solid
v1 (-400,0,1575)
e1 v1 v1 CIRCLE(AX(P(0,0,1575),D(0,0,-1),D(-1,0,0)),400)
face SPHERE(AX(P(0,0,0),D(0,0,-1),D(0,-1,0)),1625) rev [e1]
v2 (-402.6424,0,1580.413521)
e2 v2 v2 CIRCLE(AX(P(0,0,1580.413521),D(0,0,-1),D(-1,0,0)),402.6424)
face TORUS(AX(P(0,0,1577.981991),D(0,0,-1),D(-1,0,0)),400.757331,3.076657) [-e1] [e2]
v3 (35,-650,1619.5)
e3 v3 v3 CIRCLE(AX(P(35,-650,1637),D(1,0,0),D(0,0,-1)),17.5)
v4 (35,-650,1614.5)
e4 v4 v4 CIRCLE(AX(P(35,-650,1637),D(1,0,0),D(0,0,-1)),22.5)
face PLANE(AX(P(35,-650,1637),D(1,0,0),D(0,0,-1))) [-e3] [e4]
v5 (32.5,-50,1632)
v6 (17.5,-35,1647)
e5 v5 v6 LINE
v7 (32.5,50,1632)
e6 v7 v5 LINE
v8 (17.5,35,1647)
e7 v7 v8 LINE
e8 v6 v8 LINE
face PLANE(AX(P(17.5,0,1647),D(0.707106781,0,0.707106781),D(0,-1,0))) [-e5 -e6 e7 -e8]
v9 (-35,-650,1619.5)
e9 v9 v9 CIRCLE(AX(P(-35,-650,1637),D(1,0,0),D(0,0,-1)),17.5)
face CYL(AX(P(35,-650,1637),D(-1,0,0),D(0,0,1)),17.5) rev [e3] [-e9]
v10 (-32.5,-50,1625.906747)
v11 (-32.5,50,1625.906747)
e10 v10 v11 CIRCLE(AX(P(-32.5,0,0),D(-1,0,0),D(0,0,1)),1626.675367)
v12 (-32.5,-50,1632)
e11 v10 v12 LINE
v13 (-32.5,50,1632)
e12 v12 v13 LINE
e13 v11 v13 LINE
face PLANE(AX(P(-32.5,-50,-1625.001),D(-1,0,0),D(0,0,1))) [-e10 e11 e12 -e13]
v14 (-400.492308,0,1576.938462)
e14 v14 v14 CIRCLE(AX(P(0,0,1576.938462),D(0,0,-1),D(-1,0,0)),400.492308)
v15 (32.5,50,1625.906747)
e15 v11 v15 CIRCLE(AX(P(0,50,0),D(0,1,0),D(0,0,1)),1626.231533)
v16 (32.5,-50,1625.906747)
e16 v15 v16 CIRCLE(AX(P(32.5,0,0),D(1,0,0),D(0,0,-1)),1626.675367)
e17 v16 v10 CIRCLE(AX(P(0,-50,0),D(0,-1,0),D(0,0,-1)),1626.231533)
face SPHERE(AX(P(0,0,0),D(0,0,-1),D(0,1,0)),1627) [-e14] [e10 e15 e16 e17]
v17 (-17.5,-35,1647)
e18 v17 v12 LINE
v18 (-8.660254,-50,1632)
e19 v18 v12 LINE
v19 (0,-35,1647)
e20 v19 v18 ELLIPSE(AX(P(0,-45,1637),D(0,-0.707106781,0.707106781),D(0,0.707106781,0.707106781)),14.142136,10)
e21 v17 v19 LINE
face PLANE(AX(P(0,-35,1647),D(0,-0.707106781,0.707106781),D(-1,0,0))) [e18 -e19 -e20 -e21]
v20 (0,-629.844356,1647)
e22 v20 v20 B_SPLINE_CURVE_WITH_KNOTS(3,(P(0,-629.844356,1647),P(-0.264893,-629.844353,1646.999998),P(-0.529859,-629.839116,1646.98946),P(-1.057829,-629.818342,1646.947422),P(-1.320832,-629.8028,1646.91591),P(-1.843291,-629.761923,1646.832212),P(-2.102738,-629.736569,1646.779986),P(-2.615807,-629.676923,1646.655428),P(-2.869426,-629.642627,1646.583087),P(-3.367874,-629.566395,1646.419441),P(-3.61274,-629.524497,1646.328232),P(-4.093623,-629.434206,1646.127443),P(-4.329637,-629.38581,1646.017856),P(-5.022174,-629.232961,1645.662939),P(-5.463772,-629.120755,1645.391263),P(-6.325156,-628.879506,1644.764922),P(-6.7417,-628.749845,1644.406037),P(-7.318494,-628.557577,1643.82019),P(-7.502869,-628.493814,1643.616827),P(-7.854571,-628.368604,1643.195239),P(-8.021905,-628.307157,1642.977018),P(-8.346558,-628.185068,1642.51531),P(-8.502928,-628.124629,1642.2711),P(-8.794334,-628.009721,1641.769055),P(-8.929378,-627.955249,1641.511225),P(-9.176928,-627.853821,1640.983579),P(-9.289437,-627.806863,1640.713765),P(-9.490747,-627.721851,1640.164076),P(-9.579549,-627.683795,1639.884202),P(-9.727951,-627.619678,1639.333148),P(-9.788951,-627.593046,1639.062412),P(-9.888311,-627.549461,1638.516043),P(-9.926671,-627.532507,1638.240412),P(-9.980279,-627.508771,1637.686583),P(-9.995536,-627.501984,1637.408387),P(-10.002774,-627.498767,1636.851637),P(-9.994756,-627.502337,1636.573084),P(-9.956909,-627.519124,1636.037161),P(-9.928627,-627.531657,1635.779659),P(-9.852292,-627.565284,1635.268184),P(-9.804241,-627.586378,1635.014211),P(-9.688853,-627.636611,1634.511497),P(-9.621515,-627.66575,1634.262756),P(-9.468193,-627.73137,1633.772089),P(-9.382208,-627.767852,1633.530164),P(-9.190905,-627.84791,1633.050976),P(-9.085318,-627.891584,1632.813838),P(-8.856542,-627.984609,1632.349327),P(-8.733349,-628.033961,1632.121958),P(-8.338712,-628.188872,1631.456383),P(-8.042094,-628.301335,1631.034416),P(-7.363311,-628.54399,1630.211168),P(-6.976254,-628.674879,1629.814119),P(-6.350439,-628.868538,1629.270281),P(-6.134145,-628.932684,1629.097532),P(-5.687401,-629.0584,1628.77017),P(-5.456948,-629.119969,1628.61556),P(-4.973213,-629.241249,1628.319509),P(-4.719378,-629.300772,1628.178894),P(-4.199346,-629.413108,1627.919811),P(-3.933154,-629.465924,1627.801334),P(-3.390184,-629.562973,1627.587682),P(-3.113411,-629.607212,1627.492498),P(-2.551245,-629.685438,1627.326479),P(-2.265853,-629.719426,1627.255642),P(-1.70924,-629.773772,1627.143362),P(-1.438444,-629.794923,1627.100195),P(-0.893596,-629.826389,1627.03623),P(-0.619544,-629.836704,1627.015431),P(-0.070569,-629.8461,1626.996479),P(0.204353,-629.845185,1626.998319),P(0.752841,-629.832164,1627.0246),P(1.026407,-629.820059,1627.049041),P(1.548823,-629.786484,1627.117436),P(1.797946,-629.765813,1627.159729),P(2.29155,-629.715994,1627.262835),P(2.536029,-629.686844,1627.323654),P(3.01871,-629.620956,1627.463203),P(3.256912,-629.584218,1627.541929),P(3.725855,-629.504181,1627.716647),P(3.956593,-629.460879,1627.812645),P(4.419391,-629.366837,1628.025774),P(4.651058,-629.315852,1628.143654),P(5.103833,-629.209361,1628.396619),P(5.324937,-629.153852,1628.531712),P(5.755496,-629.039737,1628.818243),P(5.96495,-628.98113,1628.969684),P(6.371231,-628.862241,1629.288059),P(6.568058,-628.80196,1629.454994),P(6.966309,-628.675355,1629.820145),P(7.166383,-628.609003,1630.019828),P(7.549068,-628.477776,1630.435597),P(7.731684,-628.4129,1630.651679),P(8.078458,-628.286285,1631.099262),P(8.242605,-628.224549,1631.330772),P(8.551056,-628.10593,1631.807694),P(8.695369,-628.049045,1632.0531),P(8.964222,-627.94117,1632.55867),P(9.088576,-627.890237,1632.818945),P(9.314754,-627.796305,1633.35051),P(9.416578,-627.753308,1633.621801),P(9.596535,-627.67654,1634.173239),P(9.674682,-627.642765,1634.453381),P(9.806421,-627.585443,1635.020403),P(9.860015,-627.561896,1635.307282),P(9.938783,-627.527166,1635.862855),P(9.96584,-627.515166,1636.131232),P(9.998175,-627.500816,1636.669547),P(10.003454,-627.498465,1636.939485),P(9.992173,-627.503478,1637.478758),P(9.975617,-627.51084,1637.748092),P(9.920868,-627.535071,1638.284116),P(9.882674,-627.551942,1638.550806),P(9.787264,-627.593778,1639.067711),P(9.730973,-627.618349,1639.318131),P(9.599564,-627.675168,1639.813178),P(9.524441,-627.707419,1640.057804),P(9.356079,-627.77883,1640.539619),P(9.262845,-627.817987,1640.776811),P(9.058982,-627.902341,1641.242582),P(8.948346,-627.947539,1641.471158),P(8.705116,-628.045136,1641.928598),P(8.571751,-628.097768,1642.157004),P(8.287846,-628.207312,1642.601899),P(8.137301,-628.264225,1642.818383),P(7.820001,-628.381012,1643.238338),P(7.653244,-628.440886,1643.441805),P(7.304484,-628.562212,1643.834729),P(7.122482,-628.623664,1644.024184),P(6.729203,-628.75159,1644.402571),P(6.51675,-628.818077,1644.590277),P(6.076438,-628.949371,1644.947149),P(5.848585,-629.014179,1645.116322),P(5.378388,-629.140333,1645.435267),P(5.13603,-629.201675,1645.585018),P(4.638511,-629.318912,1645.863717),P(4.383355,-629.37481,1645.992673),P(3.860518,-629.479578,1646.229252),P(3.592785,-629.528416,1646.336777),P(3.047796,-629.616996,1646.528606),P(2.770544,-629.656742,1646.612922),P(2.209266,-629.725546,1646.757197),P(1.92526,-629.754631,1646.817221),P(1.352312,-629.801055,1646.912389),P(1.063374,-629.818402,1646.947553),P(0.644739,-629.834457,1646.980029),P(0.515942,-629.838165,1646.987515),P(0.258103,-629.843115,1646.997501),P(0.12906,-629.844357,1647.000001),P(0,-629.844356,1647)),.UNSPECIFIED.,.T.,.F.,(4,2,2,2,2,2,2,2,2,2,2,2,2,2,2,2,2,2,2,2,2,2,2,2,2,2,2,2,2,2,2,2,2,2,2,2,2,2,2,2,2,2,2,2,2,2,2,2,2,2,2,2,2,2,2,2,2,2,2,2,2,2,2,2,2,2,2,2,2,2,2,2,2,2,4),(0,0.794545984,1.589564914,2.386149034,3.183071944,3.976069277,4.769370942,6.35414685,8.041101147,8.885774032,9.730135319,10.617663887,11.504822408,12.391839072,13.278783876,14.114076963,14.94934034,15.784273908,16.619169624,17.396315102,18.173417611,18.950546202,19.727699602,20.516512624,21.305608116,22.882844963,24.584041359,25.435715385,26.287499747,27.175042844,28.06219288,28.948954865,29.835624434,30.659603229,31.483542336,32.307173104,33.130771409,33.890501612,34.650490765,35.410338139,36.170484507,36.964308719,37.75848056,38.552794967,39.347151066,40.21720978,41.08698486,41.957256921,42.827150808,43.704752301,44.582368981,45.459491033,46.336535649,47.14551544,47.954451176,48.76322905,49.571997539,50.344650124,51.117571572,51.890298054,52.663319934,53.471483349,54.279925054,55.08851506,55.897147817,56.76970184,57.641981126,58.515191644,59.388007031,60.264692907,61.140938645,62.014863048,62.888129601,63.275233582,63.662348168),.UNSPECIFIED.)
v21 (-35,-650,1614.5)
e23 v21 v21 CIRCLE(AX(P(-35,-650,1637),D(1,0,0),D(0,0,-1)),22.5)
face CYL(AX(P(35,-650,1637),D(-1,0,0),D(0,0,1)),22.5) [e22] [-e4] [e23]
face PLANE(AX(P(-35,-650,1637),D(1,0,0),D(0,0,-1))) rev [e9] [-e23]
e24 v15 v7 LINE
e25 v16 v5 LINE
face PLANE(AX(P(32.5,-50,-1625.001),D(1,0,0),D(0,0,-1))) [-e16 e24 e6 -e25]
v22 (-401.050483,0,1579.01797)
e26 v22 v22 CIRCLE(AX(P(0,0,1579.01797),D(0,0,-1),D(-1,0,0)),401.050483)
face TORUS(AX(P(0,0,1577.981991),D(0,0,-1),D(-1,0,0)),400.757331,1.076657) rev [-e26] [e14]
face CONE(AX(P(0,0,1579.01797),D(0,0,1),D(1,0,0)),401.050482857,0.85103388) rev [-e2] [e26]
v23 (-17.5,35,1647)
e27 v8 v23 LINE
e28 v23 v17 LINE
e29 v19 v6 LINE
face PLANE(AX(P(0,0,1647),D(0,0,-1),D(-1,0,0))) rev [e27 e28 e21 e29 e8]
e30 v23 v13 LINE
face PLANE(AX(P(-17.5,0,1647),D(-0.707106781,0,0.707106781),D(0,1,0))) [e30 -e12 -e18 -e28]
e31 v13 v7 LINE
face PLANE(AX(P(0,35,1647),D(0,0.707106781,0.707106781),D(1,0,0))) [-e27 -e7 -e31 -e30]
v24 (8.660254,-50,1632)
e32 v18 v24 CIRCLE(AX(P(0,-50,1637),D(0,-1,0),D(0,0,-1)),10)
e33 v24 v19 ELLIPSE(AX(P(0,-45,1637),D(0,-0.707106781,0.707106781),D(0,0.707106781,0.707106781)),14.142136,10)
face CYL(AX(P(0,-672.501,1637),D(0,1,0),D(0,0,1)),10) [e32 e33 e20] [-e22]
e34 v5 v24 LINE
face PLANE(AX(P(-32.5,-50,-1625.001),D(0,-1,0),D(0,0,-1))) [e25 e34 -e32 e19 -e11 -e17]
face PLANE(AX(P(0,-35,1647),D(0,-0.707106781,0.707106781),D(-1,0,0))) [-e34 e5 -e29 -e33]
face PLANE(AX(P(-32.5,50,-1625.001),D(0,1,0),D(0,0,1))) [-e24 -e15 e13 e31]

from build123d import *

# Parameters (mm, degrees)
IZIM1_W                                      = 65
IZIM1_H                                      = 100
Y_KSEKLIK_EKSTR_ZYON1_DEPTH                  = 20
Y_KSEKLIK_EKSTR_ZYON1_DIRECTION_2_REACH      = 575.479
Y_KSEKLIK_EKSTR_ZYON1_DIRECTION_2_END_RADIUS = 1627
PAH1_SIZE                                    = 15
IZIM4_R                                      = 22.5
IZIM4_R_2                                    = 17.5
Y_KSEKLIK_EKSTR_ZYON2_DEPTH                  = 35
S_P_R1_PROFILE_R                             = 10
Y_KSEKLIK_EKSTR_ZYON3_REACH                  = 1997.162
Y_KSEKLIK_EKSTR_ZYON3_END_RADIUS             = 22.5
IZIM14_R                                     = 10


with BuildPart() as part:
    # Sketch1 → Revolve1 (revolve)
    with BuildSketch(Plane(origin=(0, 0, 0), x_dir=(0, 0, -1), z_dir=(1, 0, 0)), mode=Mode.PRIVATE) as revolve1_sk:
        with BuildLine():
            Line((-1579.017970214, -401.050482857), (-1580.413520537, -402.642399801))
            ThreePointArc((-1580.413520537, -402.642399801), (-1576.632427652, -403.522199794), (-1575, -400))
            ThreePointArc((-1575, -400), (-1612.45154966, -201.556443707), (-1625, 0))
            Line((-1625, 0), (-1627, 0))
            ThreePointArc((-1627, 0), (-1614.436105413, -201.804513177), (-1576.938461538, -400.492307692))
            ThreePointArc((-1576.938461538, -400.492307692), (-1577.702877842, -401.79718049), (-1579.017970214, -401.050482857))
        make_face()
    revolve(revolve1_sk.sketch.rotate(Axis((0, 0, 1625), (0, 0, 1)), 270), axis=Axis((0, 0, 1625), (0, 0, 1)))

    # Çizim1 → Yükseklik-Ekstrüzyon1 (add)
    with BuildSketch(Plane.XY.offset(1627)):
        Rectangle(IZIM1_W, IZIM1_H)
    extrude(amount=Y_KSEKLIK_EKSTR_ZYON1_DEPTH)

    # Yükseklik-Ekstrüzyon1 direction 2: up to this sphere (the profile starts outside it)
    y_kseklik_ekstr_zyon1_direction_2_end = Location((0, 0, 0)) * Sphere(Y_KSEKLIK_EKSTR_ZYON1_DIRECTION_2_END_RADIUS, mode=Mode.PRIVATE)
    # Çizim1 → Yükseklik-Ekstrüzyon1 direction 2 (add, up to the surface)
    with BuildSketch(Plane.XY.offset(1627), mode=Mode.PRIVATE) as y_kseklik_ekstr_zyon1_direction_2_sk1:
        Rectangle(IZIM1_W, IZIM1_H)
    y_kseklik_ekstr_zyon1_direction_2_tool1 = extrude(y_kseklik_ekstr_zyon1_direction_2_sk1.sketch, amount=-Y_KSEKLIK_EKSTR_ZYON1_DIRECTION_2_REACH, mode=Mode.PRIVATE) - y_kseklik_ekstr_zyon1_direction_2_end
    add(y_kseklik_ekstr_zyon1_direction_2_tool1.solids().sort_by_distance((0, 0, 1627))[0])

    # Pah1
    pah1_edges = [part.edges().sort_by_distance(p)[0] for p in [
        (32.5, 0, 1647),
        (0, 50, 1647),
        (-32.5, 0, 1647),
        (0, -50, 1647),
    ]]
    chamfer(pah1_edges, length=PAH1_SIZE)

    # Süpür1: sweep along a path in Çizim5
    with BuildLine(Plane(origin=(0, 0, 0), x_dir=(0, 0, -1), z_dir=(1, 0, 0))) as s_p_r1_path:
        Line((-1637, -627.5), (-1637, 0.081222763))
    # Süpür1 profile (on start of the path) → Süpür1 (sweep)
    with BuildSketch(Plane(origin=(0, -627.5, 1637), x_dir=(0, 0, 1), z_dir=(0, 1, 0))):
        Circle(S_P_R1_PROFILE_R)
    sweep(path=s_p_r1_path.line)



with BuildPart() as body_2:
    # Çizim4 → Yükseklik-Ekstrüzyon2 (new, symmetric)
    with BuildSketch(Plane(origin=(0, 0, 0), x_dir=(0, 0, -1), z_dir=(1, 0, 0))):
        with Locations((-1637, -650)):
            Circle(IZIM4_R)
        with Locations((-1637, -650)):
            Circle(IZIM4_R_2, mode=Mode.SUBTRACT)
    extrude(amount=Y_KSEKLIK_EKSTR_ZYON2_DEPTH, both=True)


with BuildPart() as part_1:
    add(part.part)

    add(body_2.part)  # Yükseklik-Ekstrüzyon3 merges body 2
    # Yükseklik-Ekstrüzyon3: up to this cylinder (the profile starts outside it)
    y_kseklik_ekstr_zyon3_end = Plane(origin=(0, -650, 1637), z_dir=(-1, 0, 0)) * Cylinder(Y_KSEKLIK_EKSTR_ZYON3_END_RADIUS, 4040.324, mode=Mode.PRIVATE)
    # Çizim14 → Yükseklik-Ekstrüzyon3 (add, up to the surface)
    with BuildSketch(Plane.XZ.offset(627.5), mode=Mode.PRIVATE) as y_kseklik_ekstr_zyon3_sk1:
        with Locations(Location((0, 1637, 0), (0, 0, 90))):
            Circle(IZIM14_R)
    y_kseklik_ekstr_zyon3_tool1 = extrude(y_kseklik_ekstr_zyon3_sk1.sketch, amount=Y_KSEKLIK_EKSTR_ZYON3_REACH, mode=Mode.PRIVATE) - y_kseklik_ekstr_zyon3_end
    add(y_kseklik_ekstr_zyon3_tool1.solids().sort_by_distance((0, -627.5, 1637))[0])
    add(y_kseklik_ekstr_zyon3_tool1.solids().sort_by_distance((0, -627.5, 1637))[1])


solid = part_1.part
